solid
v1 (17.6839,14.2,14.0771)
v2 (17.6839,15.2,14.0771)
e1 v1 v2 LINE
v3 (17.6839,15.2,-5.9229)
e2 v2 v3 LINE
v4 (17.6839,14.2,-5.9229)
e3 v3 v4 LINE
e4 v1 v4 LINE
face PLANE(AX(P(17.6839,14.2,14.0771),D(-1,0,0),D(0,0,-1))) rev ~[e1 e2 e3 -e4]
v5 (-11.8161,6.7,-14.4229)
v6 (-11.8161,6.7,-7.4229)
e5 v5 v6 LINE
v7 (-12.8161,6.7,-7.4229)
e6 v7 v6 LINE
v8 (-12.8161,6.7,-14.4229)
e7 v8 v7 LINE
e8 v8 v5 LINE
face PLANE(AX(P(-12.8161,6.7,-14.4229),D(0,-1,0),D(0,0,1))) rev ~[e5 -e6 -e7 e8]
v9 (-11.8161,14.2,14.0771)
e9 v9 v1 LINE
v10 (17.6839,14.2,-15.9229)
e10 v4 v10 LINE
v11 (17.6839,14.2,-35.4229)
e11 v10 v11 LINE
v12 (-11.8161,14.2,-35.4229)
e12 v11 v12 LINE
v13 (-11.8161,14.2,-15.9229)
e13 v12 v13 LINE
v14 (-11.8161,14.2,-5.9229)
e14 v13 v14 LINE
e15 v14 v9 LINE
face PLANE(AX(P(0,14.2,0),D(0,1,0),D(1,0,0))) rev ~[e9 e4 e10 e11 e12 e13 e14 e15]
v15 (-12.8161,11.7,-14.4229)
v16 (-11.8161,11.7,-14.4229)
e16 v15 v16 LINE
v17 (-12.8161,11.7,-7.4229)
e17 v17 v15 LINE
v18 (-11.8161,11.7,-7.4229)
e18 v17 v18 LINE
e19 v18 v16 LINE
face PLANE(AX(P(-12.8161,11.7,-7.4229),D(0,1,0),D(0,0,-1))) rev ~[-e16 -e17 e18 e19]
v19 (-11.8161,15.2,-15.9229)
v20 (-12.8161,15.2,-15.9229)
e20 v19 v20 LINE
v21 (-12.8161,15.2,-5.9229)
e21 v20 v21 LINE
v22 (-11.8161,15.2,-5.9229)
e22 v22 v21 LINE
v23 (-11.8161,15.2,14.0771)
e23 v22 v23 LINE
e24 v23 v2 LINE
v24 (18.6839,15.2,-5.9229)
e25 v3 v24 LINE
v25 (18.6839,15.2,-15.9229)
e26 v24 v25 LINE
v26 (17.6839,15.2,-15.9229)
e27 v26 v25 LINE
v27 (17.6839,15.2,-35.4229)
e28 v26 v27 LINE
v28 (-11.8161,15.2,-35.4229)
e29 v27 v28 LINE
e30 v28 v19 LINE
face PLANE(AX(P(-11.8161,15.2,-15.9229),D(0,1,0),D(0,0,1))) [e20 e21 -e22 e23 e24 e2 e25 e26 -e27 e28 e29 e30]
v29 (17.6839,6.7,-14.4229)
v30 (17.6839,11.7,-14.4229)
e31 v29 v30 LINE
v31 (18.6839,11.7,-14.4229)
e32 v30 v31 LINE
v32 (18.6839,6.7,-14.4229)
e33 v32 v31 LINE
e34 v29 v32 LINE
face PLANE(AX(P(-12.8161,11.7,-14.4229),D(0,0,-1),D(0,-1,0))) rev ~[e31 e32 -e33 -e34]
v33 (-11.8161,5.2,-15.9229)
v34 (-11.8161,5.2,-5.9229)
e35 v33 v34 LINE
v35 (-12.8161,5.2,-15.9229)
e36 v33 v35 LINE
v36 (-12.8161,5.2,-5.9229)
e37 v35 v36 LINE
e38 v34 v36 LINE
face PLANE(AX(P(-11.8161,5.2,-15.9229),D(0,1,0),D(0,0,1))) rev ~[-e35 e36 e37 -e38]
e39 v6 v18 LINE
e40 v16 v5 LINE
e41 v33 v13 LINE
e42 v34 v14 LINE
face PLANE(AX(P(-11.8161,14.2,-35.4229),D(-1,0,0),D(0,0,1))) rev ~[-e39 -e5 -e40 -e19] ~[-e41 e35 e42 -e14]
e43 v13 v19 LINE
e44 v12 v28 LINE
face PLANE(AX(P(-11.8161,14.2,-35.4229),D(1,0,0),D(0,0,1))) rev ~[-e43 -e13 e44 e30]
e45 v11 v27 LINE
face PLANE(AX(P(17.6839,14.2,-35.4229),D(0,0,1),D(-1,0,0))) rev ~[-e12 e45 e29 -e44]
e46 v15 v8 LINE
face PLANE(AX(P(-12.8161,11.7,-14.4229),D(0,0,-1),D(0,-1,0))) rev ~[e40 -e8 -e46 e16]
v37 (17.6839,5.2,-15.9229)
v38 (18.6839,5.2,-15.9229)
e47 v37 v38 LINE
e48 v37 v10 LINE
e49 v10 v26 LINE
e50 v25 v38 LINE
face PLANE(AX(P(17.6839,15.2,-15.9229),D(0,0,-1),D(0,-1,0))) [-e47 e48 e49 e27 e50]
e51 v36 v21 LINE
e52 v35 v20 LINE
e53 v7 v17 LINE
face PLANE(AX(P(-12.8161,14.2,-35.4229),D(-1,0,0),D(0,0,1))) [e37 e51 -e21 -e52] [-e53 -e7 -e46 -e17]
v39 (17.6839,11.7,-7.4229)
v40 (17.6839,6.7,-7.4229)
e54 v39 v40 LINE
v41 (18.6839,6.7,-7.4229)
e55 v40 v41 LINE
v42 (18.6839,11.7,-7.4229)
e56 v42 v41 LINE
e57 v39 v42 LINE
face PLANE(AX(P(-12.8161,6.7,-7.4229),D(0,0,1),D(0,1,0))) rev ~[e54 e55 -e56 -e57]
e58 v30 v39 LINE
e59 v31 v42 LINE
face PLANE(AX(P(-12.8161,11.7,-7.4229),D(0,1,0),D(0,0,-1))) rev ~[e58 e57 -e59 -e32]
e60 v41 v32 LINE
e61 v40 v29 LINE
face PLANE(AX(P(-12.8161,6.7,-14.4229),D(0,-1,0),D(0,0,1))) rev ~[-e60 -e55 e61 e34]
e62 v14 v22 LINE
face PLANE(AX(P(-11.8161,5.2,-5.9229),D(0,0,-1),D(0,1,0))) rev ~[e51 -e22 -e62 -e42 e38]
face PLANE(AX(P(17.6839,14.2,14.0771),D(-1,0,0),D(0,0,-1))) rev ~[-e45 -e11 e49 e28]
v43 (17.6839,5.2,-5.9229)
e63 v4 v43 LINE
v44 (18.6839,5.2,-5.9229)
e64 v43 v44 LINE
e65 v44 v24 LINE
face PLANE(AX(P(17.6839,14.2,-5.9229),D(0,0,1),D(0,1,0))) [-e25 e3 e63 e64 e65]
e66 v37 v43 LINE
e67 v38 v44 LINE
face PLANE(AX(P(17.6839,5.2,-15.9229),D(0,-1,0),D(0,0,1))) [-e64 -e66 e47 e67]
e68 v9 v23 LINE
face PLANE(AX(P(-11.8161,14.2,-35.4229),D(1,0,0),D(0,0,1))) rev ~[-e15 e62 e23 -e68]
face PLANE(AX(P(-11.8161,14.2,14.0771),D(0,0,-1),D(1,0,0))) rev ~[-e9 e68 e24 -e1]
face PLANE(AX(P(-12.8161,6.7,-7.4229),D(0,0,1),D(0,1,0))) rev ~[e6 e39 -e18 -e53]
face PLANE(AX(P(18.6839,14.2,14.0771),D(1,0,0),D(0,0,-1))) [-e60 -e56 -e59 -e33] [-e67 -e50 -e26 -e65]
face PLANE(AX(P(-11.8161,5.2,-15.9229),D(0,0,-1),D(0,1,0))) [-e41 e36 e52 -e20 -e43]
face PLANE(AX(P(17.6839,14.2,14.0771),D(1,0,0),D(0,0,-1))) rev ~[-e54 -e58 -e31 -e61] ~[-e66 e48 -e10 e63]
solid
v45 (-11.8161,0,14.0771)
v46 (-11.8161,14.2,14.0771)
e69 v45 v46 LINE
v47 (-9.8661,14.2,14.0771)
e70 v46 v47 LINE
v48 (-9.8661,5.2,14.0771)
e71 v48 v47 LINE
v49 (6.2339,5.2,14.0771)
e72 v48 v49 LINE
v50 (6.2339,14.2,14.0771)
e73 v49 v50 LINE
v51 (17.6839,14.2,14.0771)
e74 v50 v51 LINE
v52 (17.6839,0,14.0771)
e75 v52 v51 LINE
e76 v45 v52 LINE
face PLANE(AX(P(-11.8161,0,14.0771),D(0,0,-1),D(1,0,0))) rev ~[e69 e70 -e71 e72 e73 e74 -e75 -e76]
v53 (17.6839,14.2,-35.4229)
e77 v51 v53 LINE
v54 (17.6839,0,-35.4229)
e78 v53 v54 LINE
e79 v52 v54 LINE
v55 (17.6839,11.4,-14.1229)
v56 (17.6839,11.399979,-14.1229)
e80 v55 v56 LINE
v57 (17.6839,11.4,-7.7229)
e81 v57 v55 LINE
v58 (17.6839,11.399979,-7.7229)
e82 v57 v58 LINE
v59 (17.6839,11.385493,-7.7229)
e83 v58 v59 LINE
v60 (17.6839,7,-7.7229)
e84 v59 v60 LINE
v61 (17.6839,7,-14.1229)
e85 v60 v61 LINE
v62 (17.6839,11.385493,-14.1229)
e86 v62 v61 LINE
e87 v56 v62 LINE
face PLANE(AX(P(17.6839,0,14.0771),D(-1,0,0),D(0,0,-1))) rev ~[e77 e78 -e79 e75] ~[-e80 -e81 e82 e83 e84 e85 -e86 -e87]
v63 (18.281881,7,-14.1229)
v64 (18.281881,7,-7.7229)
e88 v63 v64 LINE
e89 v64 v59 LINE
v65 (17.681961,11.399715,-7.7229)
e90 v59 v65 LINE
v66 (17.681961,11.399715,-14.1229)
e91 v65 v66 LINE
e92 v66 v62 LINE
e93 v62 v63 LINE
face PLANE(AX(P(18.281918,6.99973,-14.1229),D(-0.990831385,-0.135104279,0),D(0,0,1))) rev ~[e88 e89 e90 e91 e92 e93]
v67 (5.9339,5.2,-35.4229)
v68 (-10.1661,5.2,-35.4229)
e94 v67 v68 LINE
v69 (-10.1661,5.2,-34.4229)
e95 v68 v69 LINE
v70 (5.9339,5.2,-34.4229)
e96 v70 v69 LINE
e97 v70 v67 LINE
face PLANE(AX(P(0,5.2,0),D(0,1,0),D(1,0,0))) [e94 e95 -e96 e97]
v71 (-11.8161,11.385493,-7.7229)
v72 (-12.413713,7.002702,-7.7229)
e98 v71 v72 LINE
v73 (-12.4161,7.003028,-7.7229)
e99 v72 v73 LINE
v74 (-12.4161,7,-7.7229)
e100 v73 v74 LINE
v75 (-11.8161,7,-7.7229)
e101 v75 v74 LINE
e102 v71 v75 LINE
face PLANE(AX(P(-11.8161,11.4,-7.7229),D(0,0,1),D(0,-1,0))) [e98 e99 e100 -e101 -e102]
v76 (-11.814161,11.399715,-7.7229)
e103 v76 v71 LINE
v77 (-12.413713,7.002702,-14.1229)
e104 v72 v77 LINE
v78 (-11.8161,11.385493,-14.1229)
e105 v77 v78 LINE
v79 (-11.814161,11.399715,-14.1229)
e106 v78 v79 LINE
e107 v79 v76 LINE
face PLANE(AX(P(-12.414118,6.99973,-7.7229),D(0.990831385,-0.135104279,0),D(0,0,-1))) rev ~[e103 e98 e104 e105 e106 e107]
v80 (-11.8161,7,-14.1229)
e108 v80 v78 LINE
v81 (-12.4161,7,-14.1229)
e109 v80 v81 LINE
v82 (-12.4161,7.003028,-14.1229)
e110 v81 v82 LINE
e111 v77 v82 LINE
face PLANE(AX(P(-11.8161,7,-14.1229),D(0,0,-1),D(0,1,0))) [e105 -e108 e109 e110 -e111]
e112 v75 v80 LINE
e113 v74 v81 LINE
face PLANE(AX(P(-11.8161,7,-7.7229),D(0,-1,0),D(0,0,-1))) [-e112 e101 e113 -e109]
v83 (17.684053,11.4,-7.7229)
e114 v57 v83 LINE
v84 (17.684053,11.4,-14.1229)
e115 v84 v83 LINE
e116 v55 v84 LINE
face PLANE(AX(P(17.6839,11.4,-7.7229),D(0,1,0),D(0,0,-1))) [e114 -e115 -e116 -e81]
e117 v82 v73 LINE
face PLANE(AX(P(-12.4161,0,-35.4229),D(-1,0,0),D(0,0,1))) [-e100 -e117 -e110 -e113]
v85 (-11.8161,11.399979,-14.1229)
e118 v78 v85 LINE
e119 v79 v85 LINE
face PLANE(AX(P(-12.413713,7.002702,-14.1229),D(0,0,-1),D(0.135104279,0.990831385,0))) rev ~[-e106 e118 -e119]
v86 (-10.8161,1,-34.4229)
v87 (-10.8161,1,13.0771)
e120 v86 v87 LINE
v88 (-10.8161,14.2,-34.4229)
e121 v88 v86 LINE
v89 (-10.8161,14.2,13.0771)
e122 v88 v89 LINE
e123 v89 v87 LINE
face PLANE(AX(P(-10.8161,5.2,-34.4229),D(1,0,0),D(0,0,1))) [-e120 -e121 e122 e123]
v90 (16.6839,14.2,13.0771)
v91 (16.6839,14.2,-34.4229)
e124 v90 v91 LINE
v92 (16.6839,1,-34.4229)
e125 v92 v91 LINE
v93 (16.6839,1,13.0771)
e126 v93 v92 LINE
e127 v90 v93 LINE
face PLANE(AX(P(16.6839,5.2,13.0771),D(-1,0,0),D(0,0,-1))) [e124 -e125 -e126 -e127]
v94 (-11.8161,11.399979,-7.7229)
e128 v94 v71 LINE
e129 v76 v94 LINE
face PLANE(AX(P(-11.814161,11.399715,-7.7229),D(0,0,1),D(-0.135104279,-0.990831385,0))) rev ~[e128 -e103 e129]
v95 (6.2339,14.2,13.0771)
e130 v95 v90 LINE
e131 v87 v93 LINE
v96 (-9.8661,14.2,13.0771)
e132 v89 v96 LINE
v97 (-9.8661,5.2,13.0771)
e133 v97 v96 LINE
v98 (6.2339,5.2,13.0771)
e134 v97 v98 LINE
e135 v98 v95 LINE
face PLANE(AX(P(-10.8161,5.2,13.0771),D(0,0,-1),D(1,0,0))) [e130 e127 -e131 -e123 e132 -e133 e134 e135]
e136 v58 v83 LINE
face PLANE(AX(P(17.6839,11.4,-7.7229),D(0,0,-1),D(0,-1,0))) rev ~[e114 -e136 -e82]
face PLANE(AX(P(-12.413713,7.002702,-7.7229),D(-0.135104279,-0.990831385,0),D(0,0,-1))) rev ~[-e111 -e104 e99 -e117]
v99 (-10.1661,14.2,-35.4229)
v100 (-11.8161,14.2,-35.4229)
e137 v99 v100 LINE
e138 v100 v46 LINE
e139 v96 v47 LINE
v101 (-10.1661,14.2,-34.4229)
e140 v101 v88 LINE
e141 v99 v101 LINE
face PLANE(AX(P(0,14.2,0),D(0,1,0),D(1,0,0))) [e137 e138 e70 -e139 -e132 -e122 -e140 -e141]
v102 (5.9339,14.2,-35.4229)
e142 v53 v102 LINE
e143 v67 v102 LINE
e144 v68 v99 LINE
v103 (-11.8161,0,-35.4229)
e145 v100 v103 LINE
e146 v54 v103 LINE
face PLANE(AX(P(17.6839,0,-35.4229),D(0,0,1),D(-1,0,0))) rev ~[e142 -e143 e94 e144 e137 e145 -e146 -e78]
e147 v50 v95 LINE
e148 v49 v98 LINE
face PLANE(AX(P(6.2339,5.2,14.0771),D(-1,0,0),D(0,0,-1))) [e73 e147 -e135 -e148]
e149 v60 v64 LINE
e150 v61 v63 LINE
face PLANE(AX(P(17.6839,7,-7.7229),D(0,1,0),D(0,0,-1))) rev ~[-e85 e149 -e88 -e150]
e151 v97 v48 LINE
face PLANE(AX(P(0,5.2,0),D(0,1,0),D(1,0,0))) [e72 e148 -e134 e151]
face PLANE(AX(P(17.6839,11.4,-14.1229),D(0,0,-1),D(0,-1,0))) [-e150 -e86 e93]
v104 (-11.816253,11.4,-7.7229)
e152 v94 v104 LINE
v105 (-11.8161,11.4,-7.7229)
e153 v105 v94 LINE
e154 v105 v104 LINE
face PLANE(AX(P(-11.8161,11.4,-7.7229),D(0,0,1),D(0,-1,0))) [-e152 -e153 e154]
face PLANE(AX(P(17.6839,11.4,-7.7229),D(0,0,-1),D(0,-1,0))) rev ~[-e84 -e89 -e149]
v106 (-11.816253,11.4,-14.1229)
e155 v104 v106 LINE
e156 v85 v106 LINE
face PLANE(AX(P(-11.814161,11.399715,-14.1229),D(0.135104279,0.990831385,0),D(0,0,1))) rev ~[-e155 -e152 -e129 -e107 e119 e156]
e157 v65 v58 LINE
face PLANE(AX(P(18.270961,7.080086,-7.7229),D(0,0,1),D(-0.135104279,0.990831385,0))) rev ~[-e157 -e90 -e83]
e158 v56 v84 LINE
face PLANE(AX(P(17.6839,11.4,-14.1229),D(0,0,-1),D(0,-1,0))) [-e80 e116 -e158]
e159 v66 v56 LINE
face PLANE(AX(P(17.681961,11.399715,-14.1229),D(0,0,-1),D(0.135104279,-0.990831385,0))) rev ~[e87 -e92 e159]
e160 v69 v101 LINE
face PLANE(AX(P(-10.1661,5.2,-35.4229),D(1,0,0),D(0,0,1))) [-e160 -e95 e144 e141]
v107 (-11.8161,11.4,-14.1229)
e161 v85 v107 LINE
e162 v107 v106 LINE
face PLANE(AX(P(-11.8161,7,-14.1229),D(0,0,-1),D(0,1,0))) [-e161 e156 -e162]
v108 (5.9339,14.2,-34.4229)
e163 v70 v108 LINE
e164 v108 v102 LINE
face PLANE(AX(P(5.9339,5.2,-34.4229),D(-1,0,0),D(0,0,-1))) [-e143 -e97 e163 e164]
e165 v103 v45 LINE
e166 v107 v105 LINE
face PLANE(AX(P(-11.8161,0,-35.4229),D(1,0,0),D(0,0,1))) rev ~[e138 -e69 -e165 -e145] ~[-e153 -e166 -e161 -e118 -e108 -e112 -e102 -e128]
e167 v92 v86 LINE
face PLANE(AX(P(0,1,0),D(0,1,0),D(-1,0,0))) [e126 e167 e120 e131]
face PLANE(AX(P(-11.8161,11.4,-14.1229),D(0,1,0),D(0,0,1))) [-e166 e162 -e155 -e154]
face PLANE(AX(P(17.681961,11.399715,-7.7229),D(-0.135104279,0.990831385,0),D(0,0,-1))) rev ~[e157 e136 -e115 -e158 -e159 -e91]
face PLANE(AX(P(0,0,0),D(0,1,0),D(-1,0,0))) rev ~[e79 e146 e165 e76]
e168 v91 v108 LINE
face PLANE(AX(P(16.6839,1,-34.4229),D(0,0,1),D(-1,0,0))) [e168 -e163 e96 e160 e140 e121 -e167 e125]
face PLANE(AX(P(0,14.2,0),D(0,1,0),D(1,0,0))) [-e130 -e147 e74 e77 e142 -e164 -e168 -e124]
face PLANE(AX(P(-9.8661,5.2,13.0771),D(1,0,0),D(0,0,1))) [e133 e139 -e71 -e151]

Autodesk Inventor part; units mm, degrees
ref_plane "YZ Plane" through (0, 0, 0) normal (1, 0, 0) x (0, 1, 0)
sketch "Sketch1" plane through (0, 0, 0) normal (0, 1, 0) x (-1, 0, 0)
  line L0 (11.8161, 14.0771) -> (-17.6839, 14.0771)
  line L1 (-17.6839, 14.0771) -> (-17.6839, -35.4229)
  line L2 (-17.6839, -35.4229) -> (11.8161, -35.4229)
  line L3 (11.8161, -35.4229) -> (11.8161, 14.0771)
  point P0 (0, 0)
  dimension "d0" = 29.5
  dimension "d1" = 49.5
extrude "Extrusion1" add sketch "Sketch1" along normal blind 1
sketch "Sketch2" plane through (0, 1, 0) normal (0, 1, 0) x (1, 0, 0)
  line L0 (-10.8161, -13.0771) -> (16.6839, -13.0771)
  line L1 (16.6839, -13.0771) -> (16.6839, 34.4229)
  line L2 (16.6839, 34.4229) -> (-10.8161, 34.4229)
  line L3 (-10.8161, 34.4229) -> (-10.8161, -13.0771)
  line L4 (-11.8161, 35.4229) -> (-11.8161, -14.0771) projected
  line L5 (17.6839, 35.4229) -> (-11.8161, 35.4229) projected
  line L6 (17.6839, -14.0771) -> (17.6839, 35.4229) projected
  line L7 (-11.8161, -14.0771) -> (17.6839, -14.0771) projected
  point P0 (0, 0)
  dimension "d4" = 1
  dimension "d5" = 1
  dimension "d6" = 1
  dimension "d7" = 1
extrude "Extrusion2" add sketch "Sketch2" along normal blind 4.2
sketch "Sketch3" plane through (0, 5.2, 0) normal (0, 1, 0) x (1, 0, 0)
  line L0 (-11.8161, -14.0771) -> (17.6839, -14.0771) projected
  line L1 (-10.8161, -13.0771) -> (16.6839, -13.0771) projected
  line L2 (-9.8661, -14.0771) -> (6.2339, -14.0771)
  line L3 (6.2339, -14.0771) -> (6.2339, -13.0771)
  line L4 (6.2339, -13.0771) -> (-9.8661, -13.0771)
  line L5 (-9.8661, -13.0771) -> (-9.8661, -14.0771)
  line L6 (16.6839, 34.4229) -> (-10.8161, 34.4229) projected
  line L7 (17.6839, 35.4229) -> (-11.8161, 35.4229) projected
  line L8 (-10.1661, 34.4229) -> (5.9339, 34.4229)
  line L9 (5.9339, 34.4229) -> (5.9339, 35.4229)
  line L10 (5.9339, 35.4229) -> (-10.1661, 35.4229)
  line L11 (-10.1661, 35.4229) -> (-10.1661, 34.4229)
  line L12 (-11.8161, -14.0771) -> (17.6839, -14.0771)
  line L13 (17.6839, -14.0771) -> (17.6839, 35.4229)
  line L14 (17.6839, 35.4229) -> (-11.8161, 35.4229)
  line L15 (-11.8161, 35.4229) -> (-11.8161, -14.0771)
  line L16 (-10.8161, -13.0771) -> (16.6839, -13.0771)
  line L17 (16.6839, -13.0771) -> (16.6839, 34.4229)
  line L18 (16.6839, 34.4229) -> (-10.8161, 34.4229)
  line L19 (-10.8161, 34.4229) -> (-10.8161, -13.0771)
  point P0 (0, 0)
  dimension "d10" = 0.95
  dimension "d11" = 16.1
  dimension "d12" = 0.65
  dimension "d13" = 16.1
extrude "Extrusion3" add sketch "Sketch3" along normal blind 9 contours L15 L7 L11 L6 L19 L1 L5 L0 | L3 L1 L17 L6 L9 L7 L13 L0
sketch "Sketch4" plane through (0, 14.2, 0) normal (0, 1, 0) x (1, 0, 0)
  line L0 (-11.8161, 35.4229) -> (-11.8161, -14.0771) projected
  line L1 (-11.8161, -14.0771) -> (17.6839, -14.0771)
  line L2 (17.6839, -14.0771) -> (17.6839, 35.4229)
  line L3 (17.6839, 35.4229) -> (-11.8161, 35.4229)
  line L4 (-11.8161, 35.4229) -> (-11.8161, -14.0771)
  point P0 (0, 0)
extrude "Extrusion4" add sketch "Sketch4" along normal blind 1 separate body
sketch "Sketch5" plane through (17.6839, 14.2, 14.0771) normal (1, 0, 0) x (0, 0, -1)
  line L0 (0, 1) -> (49.5, 1) projected
  line L1 (48.5, 0) -> (1, 0) projected
  line L2 (20, 1) -> (30, 1)
  line L3 (30, 1) -> (30, 0)
  line L4 (30, 0) -> (20, 0)
  line L5 (20, 0) -> (20, 1)
  line L6 (20, 0) -> (30, 0)
  line L7 (30, 0) -> (30, -9)
  line L8 (30, -9) -> (20, -9)
  line L9 (20, -9) -> (20, 0)
  point P0 (14.0771, -14.2)
  dimension "d18" = 10
  dimension "d19" = 20
  dimension "d20" = 9
extrude "Extrusion5" add sketch "Sketch5" along normal blind 1 bodies 2
sketch "Sketch6" plane through (-11.8161, 14.2, -35.4229) normal (-1, 0, 0) x (0, 0, 1)
  line L0 (0, 1) -> (49.5, 1) projected
  line L1 (19.5, -9) -> (19.5, 1) projected
  line L2 (29.5, 1) -> (19.5, 1)
  line L3 (19.5, 1) -> (19.5, -9)
  line L4 (19.5, -9) -> (29.5, -9)
  line L5 (29.5, -9) -> (29.5, 1)
  line L6 (49.5, 0) -> (49.5, 1) projected
  point P0 (35.4229, -14.2)
  dimension "d23" = 20
extrude "Extrusion6" add sketch "Sketch6" along normal blind 1 bodies 2
sketch "Sketch7" plane through (-12.8161, 14.2, -35.4229) normal (-1, 0, 0) x (0, 0, 1)
  line L0 (21, -7.5) -> (28, -7.5)
  line L1 (28, -7.5) -> (28, -2.5)
  line L2 (28, -2.5) -> (21, -2.5)
  line L3 (21, -2.5) -> (21, -7.5)
  line L4 (19.5, -9) -> (29.5, -9) projected
  line L5 (29.5, -9) -> (29.5, 1) projected
  line L6 (19.5, 1) -> (19.5, -9) projected
  point P0 (35.4229, -14.2)
  dimension "d26" = 1.5
  dimension "d27" = 1.5
  dimension "d28" = 1.5
  dimension "d29" = 5
extrude "Extrusion7" cut sketch "Sketch7" against normal blind 100 bodies 2
sketch "Sketch8" plane through (-11.8161, 0, -35.4229) normal (-1, 0, 0) x (0, 0, 1)
  line L0 (21.3, 11.4) -> (27.7, 11.4)
  line L1 (27.7, 11.4) -> (27.7, 7)
  line L2 (27.7, 7) -> (21.3, 7)
  line L3 (21.3, 7) -> (21.3, 11.4)
  line L4 (28, 11.7) -> (28, 6.7) projected
  line L5 (21, 6.7) -> (21, 11.7) projected
  line L6 (28, 6.7) -> (21, 6.7) projected
  line L7 (21, 11.7) -> (28, 11.7) projected
  point P0 (35.4229, 0)
  dimension "d32" = 0.3
  dimension "d33" = 0.3
  dimension "d34" = 0.3
  dimension "d35" = 0.3
extrude "Extrusion8" add sketch "Sketch8" along normal blind 0.6 contours L0 L1 L2 L3 bodies 1
ref_plane "Work Plane1" through (-12.4161, 7, -7.7229) normal (0.9908, -0.1351, 0) x (0, 0, -1)
sketch "Sketch9" plane through (-12.4161, 7, -7.7229) normal (0.9908, -0.1351, 0) x (0, 0, -1)
  line L0 (6.4, 4.4407) -> (0, 4.4407) projected
  line L1 (6.4, 4.4407) -> (0, 4.4407)
  line L2 (0, 4.4407) -> (0, 0.003)
  line L3 (0, 0.003) -> (6.4, 0.003)
  line L4 (6.4, 0.003) -> (6.4, 4.4407)
  point P0 (-7.7229, -5.2582)
extrude "Extrusion9" cut sketch "Sketch9" against normal blind 0.6 bodies 1
sketch "Sketch10" plane through (17.6839, 0, 14.0771) normal (1, 0, 0) x (0, 0, -1)
  line L0 (21.8, 11.4) -> (21.8, 7) projected
  line L1 (21.8, 7) -> (28.2, 7) projected
  line L2 (21.8, 11.4) -> (28.2, 11.4)
  line L3 (28.2, 11.4) -> (28.2, 7)
  line L4 (28.2, 7) -> (21.8, 7)
  line L5 (21.8, 7) -> (21.8, 11.4)
  point P0 (14.0771, 0)
extrude "Extrusion10" add sketch "Sketch10" along normal blind 0.6 bodies 1
ref_plane "Work Plane2" through (18.2839, 7, -14.1229) normal (-0.9908, -0.1351, 0) x (0, 0, 1)
sketch "Sketch11" plane through (18.2839, 7, -14.1229) normal (-0.9908, -0.1351, 0) x (0, 0, 1)
  line L0 (6.4, 0.0811) -> (6.4, 4.4407) projected
  line L1 (6.4, 4.4407) -> (0, 4.4407)
  line L2 (0, 4.4407) -> (0, 0)
  line L3 (0, 0) -> (6.4, 0)
  line L4 (6.4, 0) -> (6.4, 4.4407)
  point P0 (14.1229, -4.4654)
extrude "Extrusion11" cut sketch "Sketch11" against normal blind 0.6 bodies 1
properties part number "TTL-RS232transreceiverCover"
